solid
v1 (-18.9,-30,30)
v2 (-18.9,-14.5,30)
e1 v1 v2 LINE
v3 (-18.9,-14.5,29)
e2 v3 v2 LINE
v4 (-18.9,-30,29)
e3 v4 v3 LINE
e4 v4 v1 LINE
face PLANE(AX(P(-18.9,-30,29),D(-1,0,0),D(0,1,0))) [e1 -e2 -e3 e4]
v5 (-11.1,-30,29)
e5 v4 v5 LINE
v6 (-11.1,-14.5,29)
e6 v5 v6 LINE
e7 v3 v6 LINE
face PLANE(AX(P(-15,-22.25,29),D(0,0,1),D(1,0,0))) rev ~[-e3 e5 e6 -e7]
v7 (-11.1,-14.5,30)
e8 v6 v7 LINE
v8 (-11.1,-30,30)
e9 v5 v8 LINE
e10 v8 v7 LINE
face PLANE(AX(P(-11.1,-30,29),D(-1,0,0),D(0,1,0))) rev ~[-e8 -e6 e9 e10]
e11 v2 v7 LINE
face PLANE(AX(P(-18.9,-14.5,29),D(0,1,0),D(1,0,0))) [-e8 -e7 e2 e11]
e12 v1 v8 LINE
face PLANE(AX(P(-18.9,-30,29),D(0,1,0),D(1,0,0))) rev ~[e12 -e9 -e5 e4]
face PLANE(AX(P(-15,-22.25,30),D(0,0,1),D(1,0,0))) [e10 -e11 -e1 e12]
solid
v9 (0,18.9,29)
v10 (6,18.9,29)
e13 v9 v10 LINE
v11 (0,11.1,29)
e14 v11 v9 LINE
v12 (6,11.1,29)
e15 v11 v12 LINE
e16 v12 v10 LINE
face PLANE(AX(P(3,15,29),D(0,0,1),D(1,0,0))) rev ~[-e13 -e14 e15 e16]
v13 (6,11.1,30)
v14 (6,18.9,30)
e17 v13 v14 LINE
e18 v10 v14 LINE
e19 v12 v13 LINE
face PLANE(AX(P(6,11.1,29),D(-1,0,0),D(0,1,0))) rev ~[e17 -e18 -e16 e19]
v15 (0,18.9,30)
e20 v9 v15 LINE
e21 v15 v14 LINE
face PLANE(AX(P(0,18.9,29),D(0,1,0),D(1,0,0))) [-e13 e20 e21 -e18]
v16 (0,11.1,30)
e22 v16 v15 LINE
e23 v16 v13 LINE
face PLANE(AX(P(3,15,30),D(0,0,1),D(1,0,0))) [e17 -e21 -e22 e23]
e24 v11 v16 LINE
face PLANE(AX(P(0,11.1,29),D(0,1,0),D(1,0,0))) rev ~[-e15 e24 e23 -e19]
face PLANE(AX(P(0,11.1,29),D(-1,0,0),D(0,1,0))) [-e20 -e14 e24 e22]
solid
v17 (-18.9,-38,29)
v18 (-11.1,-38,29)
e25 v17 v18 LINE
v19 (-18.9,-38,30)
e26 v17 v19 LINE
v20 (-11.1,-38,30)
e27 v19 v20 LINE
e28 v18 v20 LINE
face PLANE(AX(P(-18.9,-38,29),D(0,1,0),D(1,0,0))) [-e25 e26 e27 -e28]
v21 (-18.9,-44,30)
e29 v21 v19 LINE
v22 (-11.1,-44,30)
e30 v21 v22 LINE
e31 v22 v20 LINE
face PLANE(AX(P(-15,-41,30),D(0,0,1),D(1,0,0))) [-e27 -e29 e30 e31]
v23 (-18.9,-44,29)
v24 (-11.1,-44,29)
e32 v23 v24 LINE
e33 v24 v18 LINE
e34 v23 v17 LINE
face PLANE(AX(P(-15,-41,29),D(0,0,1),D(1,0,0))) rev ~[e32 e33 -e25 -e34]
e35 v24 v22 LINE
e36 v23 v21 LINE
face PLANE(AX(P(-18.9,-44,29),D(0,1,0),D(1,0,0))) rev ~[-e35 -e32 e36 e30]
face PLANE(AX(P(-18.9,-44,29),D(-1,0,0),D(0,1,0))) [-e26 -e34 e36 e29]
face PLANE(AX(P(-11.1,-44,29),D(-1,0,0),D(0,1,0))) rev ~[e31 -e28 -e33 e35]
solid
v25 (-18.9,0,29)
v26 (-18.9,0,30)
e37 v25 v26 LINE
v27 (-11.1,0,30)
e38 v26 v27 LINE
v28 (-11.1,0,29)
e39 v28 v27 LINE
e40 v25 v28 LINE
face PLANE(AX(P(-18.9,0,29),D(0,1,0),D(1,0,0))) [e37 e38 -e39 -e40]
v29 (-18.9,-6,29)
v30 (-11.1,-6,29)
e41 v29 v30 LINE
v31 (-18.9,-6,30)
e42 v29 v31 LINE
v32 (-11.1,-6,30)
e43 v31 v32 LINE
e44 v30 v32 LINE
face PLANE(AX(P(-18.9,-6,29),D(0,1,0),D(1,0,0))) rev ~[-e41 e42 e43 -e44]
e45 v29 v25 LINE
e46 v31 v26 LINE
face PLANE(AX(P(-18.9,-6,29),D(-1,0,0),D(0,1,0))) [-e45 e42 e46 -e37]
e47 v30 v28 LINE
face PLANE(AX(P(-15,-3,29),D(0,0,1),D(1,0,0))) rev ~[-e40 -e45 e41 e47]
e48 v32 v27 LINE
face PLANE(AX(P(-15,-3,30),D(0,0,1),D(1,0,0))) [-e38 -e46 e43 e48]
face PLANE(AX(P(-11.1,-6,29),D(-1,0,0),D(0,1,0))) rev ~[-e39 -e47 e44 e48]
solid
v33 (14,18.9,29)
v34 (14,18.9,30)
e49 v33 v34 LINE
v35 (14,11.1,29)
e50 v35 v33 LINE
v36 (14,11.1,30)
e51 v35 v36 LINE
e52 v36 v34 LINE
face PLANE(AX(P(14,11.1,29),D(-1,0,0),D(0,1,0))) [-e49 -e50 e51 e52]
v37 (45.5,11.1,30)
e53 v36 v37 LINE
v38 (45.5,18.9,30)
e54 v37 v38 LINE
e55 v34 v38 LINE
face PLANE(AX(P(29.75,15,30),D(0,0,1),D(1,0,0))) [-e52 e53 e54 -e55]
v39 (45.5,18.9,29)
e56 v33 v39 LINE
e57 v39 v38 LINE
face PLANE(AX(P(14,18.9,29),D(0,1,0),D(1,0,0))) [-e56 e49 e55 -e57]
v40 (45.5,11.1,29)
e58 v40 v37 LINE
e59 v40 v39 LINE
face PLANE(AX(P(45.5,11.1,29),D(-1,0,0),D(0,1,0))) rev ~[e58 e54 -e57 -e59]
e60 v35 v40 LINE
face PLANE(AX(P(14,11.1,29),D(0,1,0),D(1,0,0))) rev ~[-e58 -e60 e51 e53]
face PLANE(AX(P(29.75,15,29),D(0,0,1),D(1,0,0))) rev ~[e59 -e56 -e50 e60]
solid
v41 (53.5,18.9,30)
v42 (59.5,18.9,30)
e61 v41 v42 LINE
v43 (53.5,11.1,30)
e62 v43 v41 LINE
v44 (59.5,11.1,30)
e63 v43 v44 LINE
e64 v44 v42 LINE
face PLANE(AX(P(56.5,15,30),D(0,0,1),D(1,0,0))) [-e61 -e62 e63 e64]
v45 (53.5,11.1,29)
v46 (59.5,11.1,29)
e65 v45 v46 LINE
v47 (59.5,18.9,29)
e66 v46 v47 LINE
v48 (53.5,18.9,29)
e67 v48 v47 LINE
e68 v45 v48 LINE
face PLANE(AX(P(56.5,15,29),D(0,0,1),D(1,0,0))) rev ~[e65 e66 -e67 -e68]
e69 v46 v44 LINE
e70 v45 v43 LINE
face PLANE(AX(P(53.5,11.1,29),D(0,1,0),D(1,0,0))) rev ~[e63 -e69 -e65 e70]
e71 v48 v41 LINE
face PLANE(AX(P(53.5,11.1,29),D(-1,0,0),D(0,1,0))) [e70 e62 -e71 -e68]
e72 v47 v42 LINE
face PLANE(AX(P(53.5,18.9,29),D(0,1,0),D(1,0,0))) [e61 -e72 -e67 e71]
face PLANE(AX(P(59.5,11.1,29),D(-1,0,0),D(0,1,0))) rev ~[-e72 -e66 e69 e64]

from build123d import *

# Parameters (mm, degrees)
BOX007_W     = 7.8
BOX007_H     = 6
BOX007_DEPTH = 1
BOX006_W     = 7.8
BOX006_H     = 6
BOX006_DEPTH = 1
BOX005_W     = 31.5
BOX005_H     = 7.8
BOX005_DEPTH = 1
BOX004_W     = 6
BOX004_H     = 7.8
BOX004_DEPTH = 1
BOX003_W     = 6
BOX003_H     = 7.8
BOX003_DEPTH = 1
BOX008_W     = 7.8
BOX008_H     = 15.5
BOX008_DEPTH = 1


with BuildPart() as cube007:
    # Box007 → Box007 (new body)
    with BuildSketch(Plane(origin=(-18.9, -44, 29), x_dir=(1, 0, 0), z_dir=(0, 0, 1))):
        with Locations((3.9, 3)):
            Rectangle(BOX007_W, BOX007_H)
    extrude(amount=BOX007_DEPTH)


with BuildPart() as cube006:
    # Box006 → Box006 (new body)
    with BuildSketch(Plane(origin=(-18.9, -6, 29), x_dir=(1, 0, 0), z_dir=(0, 0, 1))):
        with Locations((3.9, 3)):
            Rectangle(BOX006_W, BOX006_H)
    extrude(amount=BOX006_DEPTH)


with BuildPart() as cube005:
    # Box005 → Box005 (new body)
    with BuildSketch(Plane(origin=(14, 11.1, 29), x_dir=(1, 0, 0), z_dir=(0, 0, 1))):
        with Locations((15.75, 3.9)):
            Rectangle(BOX005_W, BOX005_H)
    extrude(amount=BOX005_DEPTH)


with BuildPart() as cube004:
    # Box004 → Box004 (new body)
    with BuildSketch(Plane(origin=(53.5, 11.1, 29), x_dir=(1, 0, 0), z_dir=(0, 0, 1))):
        with Locations((3, 3.9)):
            Rectangle(BOX004_W, BOX004_H)
    extrude(amount=BOX004_DEPTH)


with BuildPart() as cube003:
    # Box003 → Box003 (new body)
    with BuildSketch(Plane(origin=(0, 11.1, 29), x_dir=(1, 0, 0), z_dir=(0, 0, 1))):
        with Locations((3, 3.9)):
            Rectangle(BOX003_W, BOX003_H)
    extrude(amount=BOX003_DEPTH)


with BuildPart() as mounting_tab:
    # Box008 → Box008 (new body)
    with BuildSketch(Plane(origin=(-18.9, -30, 29), x_dir=(1, 0, 0), z_dir=(0, 0, 1))):
        with Locations((3.9, 7.75)):
            Rectangle(BOX008_W, BOX008_H)
    extrude(amount=BOX008_DEPTH)

    # Fusion006002011004053036004001003: union Cube007, Cube006, Cube005, Cube004, Cube003
    add(cube007.part)
    add(cube006.part)
    add(cube005.part)
    add(cube004.part)
    add(cube003.part)


solid = mounting_tab.part
